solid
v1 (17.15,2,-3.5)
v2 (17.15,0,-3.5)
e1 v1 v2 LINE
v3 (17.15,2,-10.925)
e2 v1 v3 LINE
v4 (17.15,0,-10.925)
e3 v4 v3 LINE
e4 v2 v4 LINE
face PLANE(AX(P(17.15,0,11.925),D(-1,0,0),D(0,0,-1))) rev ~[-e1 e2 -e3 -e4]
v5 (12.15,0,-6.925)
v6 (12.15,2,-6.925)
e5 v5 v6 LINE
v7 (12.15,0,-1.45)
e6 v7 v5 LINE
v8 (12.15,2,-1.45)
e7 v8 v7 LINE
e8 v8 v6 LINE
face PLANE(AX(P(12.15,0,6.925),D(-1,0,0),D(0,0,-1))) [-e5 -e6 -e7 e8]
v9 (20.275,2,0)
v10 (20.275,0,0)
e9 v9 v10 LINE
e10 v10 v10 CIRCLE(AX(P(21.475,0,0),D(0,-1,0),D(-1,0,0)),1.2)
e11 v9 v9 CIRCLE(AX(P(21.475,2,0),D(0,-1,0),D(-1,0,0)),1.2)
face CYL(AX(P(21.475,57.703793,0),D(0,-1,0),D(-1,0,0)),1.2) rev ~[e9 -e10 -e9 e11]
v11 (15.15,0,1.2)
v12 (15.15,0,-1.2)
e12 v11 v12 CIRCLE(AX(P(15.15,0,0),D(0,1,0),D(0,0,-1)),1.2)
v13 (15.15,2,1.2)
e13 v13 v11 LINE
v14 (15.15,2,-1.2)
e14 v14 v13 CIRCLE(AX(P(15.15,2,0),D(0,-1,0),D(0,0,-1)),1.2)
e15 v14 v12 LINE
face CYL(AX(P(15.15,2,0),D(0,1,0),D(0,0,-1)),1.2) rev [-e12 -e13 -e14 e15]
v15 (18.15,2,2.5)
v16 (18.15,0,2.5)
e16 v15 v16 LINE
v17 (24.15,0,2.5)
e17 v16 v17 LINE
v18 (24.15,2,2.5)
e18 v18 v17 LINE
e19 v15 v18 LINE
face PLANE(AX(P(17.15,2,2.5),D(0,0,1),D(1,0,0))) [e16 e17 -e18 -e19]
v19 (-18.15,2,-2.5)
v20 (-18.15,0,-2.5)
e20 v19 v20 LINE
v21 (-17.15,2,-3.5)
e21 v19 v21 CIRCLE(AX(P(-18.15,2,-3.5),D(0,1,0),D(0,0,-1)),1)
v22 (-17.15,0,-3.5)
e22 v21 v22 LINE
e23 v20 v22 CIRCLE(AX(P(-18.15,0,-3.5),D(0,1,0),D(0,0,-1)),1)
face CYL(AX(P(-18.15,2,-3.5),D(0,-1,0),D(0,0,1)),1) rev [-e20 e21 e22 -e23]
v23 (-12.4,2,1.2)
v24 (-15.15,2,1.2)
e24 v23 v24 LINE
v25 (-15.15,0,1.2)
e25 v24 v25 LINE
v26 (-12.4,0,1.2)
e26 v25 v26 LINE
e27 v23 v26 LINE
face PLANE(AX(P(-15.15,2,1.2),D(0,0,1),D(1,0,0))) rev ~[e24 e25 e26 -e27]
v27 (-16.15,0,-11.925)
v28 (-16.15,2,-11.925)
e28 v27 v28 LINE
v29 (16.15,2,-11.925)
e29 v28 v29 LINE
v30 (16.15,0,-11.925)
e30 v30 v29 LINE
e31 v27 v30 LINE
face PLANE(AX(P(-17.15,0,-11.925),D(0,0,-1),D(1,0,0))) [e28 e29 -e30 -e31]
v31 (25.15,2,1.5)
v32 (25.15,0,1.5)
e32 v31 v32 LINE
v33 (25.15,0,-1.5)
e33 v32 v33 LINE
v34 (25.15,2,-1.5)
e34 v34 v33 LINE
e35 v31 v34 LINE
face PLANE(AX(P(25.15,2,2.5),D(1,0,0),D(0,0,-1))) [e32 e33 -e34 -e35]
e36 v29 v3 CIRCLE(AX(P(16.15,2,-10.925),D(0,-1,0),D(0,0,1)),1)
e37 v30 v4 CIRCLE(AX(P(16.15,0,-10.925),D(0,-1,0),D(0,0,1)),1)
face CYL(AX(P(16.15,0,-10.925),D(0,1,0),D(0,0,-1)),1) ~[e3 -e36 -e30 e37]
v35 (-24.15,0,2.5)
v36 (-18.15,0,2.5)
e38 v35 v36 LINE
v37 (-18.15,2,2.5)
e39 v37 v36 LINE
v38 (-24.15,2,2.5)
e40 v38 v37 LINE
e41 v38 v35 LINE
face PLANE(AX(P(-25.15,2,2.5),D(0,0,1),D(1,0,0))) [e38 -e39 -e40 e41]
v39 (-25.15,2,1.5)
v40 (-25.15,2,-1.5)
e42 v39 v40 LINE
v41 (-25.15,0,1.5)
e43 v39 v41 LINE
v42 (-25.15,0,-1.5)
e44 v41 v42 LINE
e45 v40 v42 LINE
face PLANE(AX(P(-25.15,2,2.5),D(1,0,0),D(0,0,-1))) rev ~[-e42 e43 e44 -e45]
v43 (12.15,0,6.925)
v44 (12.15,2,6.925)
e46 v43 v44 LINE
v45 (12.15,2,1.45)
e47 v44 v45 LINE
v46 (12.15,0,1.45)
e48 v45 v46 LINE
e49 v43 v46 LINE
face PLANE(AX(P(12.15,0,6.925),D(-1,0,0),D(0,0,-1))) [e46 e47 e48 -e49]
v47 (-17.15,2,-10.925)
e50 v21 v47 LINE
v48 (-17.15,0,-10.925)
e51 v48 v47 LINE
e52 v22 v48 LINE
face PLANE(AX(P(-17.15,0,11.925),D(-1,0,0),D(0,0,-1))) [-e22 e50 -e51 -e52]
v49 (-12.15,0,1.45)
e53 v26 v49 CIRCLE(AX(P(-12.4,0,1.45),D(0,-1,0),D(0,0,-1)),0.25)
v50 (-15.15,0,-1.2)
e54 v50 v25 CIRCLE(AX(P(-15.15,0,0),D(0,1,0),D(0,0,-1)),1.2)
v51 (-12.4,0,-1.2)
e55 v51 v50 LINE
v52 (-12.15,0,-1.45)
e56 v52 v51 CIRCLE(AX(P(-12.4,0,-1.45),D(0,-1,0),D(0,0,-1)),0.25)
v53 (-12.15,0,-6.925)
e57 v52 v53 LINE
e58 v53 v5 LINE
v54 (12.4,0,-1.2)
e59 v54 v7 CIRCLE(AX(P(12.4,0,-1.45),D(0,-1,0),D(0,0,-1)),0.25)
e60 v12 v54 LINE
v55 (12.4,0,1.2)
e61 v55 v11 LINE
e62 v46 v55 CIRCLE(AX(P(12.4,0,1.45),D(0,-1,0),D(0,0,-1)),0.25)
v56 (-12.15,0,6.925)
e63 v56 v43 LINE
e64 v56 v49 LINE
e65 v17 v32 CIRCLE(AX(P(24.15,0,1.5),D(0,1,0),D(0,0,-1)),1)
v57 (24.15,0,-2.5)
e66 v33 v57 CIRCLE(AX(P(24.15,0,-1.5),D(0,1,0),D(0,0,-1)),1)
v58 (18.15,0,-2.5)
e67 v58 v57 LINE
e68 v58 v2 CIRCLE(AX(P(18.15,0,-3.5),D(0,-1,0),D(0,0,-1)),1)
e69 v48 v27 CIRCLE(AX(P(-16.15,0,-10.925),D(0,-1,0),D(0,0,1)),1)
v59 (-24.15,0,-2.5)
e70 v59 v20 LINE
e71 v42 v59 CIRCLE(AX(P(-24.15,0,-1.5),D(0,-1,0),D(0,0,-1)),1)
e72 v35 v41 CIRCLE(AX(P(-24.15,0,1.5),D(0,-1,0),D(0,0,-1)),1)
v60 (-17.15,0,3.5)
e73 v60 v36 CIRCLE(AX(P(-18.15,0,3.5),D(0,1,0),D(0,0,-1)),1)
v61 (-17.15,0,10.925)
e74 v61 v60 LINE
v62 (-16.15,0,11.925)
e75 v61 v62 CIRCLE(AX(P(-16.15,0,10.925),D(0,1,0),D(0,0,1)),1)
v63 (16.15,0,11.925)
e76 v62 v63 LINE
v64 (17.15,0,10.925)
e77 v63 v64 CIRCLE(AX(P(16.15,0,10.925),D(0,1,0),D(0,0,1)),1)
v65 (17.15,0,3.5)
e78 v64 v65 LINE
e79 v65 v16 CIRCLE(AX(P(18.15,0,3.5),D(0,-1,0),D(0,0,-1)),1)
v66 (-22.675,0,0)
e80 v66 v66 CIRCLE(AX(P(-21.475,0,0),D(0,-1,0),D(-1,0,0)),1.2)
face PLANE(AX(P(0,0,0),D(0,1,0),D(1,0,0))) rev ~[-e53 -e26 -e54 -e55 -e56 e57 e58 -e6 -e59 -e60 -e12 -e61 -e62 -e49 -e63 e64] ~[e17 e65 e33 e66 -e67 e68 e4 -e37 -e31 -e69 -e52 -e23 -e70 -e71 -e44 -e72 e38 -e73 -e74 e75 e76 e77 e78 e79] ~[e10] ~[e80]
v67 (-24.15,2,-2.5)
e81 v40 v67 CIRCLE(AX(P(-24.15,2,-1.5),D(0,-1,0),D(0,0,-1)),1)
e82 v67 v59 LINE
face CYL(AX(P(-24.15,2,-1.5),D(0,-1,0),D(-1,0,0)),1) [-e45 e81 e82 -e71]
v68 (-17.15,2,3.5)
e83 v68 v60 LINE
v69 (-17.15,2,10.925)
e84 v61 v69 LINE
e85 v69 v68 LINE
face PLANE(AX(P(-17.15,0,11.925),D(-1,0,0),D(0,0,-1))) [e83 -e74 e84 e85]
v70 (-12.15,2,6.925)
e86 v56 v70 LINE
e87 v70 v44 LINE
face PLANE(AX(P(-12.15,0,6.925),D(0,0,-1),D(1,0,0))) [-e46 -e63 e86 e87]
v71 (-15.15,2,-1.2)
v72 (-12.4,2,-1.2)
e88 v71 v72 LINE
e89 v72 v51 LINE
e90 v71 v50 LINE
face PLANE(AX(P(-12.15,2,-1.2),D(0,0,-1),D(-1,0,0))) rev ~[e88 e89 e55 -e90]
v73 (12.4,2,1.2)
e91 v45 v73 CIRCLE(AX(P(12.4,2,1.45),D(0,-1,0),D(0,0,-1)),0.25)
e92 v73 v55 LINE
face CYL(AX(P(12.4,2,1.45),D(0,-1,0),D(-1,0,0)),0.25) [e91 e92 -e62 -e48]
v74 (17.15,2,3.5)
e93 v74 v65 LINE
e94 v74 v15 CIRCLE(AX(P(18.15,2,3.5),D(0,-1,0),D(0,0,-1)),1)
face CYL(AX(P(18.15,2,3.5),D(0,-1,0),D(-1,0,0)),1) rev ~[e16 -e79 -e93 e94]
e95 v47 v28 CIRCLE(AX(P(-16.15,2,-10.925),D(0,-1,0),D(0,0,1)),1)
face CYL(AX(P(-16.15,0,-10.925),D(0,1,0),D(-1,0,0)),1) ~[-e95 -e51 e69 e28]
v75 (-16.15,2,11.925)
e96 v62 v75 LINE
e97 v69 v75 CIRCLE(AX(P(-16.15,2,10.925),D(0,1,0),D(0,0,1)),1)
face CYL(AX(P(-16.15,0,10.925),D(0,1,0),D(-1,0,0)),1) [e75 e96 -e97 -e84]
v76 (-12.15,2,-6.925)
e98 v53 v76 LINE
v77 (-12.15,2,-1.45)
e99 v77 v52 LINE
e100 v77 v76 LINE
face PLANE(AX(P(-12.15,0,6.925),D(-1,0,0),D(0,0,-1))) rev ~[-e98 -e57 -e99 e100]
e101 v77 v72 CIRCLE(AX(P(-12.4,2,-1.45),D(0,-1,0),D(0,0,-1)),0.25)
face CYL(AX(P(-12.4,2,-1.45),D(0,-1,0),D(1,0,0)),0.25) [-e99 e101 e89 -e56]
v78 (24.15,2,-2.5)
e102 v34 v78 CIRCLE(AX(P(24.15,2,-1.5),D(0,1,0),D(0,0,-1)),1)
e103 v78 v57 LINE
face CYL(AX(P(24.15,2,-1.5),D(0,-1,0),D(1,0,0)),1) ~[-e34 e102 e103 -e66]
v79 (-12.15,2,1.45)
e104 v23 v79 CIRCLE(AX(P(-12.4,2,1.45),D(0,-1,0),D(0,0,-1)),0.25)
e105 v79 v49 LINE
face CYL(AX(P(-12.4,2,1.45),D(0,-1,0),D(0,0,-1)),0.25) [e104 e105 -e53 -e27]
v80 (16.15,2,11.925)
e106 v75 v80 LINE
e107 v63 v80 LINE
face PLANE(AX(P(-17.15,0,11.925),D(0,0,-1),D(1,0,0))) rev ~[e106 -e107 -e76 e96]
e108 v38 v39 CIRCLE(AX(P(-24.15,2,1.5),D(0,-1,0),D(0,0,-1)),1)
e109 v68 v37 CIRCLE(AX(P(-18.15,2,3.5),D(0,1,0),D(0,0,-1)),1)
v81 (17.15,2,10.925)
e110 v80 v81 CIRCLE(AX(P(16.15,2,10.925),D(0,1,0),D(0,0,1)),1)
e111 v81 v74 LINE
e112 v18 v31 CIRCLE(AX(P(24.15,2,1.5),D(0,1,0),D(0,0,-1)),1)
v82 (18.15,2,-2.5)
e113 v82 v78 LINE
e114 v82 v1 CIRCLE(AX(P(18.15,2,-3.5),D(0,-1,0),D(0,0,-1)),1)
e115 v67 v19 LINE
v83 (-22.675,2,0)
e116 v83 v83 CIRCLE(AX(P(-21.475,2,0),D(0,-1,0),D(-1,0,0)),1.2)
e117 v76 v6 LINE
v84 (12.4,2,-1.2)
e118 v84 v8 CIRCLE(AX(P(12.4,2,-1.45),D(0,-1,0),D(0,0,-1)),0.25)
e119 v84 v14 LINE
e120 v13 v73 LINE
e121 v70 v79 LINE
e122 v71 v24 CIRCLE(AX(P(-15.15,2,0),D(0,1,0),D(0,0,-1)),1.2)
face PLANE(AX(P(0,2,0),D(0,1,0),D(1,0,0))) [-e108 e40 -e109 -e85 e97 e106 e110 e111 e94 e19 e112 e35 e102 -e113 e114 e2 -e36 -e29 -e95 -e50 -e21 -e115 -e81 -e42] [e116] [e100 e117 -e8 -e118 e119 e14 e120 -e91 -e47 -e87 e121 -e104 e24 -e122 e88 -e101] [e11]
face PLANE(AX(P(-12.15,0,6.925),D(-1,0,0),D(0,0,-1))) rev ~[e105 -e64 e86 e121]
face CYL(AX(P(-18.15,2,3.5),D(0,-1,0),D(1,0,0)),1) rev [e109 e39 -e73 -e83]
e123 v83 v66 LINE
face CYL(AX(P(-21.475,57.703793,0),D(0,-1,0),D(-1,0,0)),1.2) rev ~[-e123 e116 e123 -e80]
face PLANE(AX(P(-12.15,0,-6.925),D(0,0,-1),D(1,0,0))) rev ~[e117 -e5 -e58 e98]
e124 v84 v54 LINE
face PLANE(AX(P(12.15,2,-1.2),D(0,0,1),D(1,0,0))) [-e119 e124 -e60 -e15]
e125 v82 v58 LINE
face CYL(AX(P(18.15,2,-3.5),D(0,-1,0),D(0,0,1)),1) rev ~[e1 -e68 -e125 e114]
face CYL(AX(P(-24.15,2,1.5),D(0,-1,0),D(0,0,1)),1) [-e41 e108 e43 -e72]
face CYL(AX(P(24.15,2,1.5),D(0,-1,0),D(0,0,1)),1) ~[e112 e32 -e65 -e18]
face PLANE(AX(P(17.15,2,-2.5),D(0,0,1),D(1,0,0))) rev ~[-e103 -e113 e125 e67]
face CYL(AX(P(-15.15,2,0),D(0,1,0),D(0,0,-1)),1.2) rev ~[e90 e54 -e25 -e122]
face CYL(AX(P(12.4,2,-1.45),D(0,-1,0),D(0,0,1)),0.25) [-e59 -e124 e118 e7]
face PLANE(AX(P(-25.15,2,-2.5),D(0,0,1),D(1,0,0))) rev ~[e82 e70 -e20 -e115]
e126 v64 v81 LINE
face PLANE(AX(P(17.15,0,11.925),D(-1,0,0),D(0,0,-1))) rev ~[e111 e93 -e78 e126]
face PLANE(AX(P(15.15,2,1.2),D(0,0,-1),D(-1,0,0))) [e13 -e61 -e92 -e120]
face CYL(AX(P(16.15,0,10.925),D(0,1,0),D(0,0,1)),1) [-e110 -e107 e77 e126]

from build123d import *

# Parameters (mm, degrees)
SKETCH1_W            = 34.3
SKETCH1_H            = 23.85
SKETCH1_W_2          = 24.3
SKETCH1_H_2          = 13.85
BOSS_EXTRUDE1_DEPTH  = 2
SKETCH4_W            = 8
SKETCH4_H            = 5
BOSS_EXTRUDE2_DEPTH  = 2
M2_CLEARANCE_HOLE1_D = 2.4
FILLET1_R            = 1
CUT_EXTRUDE1_DEPTH   = 3
FILLET2_R            = 0.25


with BuildPart() as part:
    # Sketch1 → Boss-Extrude1 (new body)
    with BuildSketch(Plane(origin=(0, 0, 0), x_dir=(1, 0, 0), z_dir=(0, 1, 0))):
        Rectangle(SKETCH1_W, SKETCH1_H)
        Rectangle(SKETCH1_W_2, SKETCH1_H_2, mode=Mode.SUBTRACT)
    extrude(amount=BOSS_EXTRUDE1_DEPTH)

    # Sketch4 → Boss-Extrude2 (add)
    with BuildSketch(Plane(origin=(0, 2, 0), x_dir=(1, 0, 0), z_dir=(0, 1, 0))):
        with Locations((-21.15, 0)):
            Rectangle(SKETCH4_W, SKETCH4_H)
        with Locations((21.15, 0)):
            Rectangle(SKETCH4_W, SKETCH4_H)
    extrude(amount=-BOSS_EXTRUDE2_DEPTH)

    # M2 Clearance Hole1 (through all)
    with Locations(Plane(origin=(0, 2, 0), x_dir=(1, 0, 0), z_dir=(0, 1, 0))):
        with Locations((-13.975, 0), (13.975, 0), (-21.475, 0), (21.475, 0)):
            Hole(M2_CLEARANCE_HOLE1_D / 2)

    # Fillet1
    fillet1_edges = [part.edges().sort_by_distance(p)[0] for p in [
        (-17.15, 1, -2.5),
        (-17.15, 1, 2.5),
        (-25.15, 1, 2.5),
        (-25.15, 1, -2.5),
        (17.15, 1, 2.5),
        (17.15, 1, -2.5),
        (25.15, 1, -2.5),
        (25.15, 1, 2.5),
        (-17.15, 1, -11.925),
        (17.15, 1, -11.925),
        (17.15, 1, 11.925),
        (-17.15, 1, 11.925),
    ]]
    fillet(fillet1_edges, radius=FILLET1_R)

    # Sketch5 → Cut-Extrude1 (cut, through all)
    with BuildSketch(Plane(origin=(0, 2, 0), x_dir=(1, 0, 0), z_dir=(0, 1, 0))):
        with BuildLine():
            Line((-12.15, 1.2), (-15.15, 1.2))
            ThreePointArc((-15.15, 1.2), (-16.35, 0), (-15.15, -1.2))
            Line((-15.15, -1.2), (-12.15, -1.2))
            Line((-12.15, -1.2), (-12.15, 1.2))
        make_face()
        with BuildLine():
            Line((12.15, 1.2), (15.15, 1.2))
            ThreePointArc((15.15, 1.2), (16.35, 0), (15.15, -1.2))
            Line((15.15, -1.2), (12.15, -1.2))
            Line((12.15, -1.2), (12.15, 1.2))
        make_face()
    extrude(amount=-CUT_EXTRUDE1_DEPTH, mode=Mode.SUBTRACT)

    # Fillet2
    fillet2_edges = [part.edges().sort_by_distance(p)[0] for p in [
        (-12.15, 1, 1.2),
        (-12.15, 1, -1.2),
        (12.15, 1, -1.2),
        (12.15, 1, 1.2),
    ]]
    fillet(fillet2_edges, radius=FILLET2_R)


solid = part.part
